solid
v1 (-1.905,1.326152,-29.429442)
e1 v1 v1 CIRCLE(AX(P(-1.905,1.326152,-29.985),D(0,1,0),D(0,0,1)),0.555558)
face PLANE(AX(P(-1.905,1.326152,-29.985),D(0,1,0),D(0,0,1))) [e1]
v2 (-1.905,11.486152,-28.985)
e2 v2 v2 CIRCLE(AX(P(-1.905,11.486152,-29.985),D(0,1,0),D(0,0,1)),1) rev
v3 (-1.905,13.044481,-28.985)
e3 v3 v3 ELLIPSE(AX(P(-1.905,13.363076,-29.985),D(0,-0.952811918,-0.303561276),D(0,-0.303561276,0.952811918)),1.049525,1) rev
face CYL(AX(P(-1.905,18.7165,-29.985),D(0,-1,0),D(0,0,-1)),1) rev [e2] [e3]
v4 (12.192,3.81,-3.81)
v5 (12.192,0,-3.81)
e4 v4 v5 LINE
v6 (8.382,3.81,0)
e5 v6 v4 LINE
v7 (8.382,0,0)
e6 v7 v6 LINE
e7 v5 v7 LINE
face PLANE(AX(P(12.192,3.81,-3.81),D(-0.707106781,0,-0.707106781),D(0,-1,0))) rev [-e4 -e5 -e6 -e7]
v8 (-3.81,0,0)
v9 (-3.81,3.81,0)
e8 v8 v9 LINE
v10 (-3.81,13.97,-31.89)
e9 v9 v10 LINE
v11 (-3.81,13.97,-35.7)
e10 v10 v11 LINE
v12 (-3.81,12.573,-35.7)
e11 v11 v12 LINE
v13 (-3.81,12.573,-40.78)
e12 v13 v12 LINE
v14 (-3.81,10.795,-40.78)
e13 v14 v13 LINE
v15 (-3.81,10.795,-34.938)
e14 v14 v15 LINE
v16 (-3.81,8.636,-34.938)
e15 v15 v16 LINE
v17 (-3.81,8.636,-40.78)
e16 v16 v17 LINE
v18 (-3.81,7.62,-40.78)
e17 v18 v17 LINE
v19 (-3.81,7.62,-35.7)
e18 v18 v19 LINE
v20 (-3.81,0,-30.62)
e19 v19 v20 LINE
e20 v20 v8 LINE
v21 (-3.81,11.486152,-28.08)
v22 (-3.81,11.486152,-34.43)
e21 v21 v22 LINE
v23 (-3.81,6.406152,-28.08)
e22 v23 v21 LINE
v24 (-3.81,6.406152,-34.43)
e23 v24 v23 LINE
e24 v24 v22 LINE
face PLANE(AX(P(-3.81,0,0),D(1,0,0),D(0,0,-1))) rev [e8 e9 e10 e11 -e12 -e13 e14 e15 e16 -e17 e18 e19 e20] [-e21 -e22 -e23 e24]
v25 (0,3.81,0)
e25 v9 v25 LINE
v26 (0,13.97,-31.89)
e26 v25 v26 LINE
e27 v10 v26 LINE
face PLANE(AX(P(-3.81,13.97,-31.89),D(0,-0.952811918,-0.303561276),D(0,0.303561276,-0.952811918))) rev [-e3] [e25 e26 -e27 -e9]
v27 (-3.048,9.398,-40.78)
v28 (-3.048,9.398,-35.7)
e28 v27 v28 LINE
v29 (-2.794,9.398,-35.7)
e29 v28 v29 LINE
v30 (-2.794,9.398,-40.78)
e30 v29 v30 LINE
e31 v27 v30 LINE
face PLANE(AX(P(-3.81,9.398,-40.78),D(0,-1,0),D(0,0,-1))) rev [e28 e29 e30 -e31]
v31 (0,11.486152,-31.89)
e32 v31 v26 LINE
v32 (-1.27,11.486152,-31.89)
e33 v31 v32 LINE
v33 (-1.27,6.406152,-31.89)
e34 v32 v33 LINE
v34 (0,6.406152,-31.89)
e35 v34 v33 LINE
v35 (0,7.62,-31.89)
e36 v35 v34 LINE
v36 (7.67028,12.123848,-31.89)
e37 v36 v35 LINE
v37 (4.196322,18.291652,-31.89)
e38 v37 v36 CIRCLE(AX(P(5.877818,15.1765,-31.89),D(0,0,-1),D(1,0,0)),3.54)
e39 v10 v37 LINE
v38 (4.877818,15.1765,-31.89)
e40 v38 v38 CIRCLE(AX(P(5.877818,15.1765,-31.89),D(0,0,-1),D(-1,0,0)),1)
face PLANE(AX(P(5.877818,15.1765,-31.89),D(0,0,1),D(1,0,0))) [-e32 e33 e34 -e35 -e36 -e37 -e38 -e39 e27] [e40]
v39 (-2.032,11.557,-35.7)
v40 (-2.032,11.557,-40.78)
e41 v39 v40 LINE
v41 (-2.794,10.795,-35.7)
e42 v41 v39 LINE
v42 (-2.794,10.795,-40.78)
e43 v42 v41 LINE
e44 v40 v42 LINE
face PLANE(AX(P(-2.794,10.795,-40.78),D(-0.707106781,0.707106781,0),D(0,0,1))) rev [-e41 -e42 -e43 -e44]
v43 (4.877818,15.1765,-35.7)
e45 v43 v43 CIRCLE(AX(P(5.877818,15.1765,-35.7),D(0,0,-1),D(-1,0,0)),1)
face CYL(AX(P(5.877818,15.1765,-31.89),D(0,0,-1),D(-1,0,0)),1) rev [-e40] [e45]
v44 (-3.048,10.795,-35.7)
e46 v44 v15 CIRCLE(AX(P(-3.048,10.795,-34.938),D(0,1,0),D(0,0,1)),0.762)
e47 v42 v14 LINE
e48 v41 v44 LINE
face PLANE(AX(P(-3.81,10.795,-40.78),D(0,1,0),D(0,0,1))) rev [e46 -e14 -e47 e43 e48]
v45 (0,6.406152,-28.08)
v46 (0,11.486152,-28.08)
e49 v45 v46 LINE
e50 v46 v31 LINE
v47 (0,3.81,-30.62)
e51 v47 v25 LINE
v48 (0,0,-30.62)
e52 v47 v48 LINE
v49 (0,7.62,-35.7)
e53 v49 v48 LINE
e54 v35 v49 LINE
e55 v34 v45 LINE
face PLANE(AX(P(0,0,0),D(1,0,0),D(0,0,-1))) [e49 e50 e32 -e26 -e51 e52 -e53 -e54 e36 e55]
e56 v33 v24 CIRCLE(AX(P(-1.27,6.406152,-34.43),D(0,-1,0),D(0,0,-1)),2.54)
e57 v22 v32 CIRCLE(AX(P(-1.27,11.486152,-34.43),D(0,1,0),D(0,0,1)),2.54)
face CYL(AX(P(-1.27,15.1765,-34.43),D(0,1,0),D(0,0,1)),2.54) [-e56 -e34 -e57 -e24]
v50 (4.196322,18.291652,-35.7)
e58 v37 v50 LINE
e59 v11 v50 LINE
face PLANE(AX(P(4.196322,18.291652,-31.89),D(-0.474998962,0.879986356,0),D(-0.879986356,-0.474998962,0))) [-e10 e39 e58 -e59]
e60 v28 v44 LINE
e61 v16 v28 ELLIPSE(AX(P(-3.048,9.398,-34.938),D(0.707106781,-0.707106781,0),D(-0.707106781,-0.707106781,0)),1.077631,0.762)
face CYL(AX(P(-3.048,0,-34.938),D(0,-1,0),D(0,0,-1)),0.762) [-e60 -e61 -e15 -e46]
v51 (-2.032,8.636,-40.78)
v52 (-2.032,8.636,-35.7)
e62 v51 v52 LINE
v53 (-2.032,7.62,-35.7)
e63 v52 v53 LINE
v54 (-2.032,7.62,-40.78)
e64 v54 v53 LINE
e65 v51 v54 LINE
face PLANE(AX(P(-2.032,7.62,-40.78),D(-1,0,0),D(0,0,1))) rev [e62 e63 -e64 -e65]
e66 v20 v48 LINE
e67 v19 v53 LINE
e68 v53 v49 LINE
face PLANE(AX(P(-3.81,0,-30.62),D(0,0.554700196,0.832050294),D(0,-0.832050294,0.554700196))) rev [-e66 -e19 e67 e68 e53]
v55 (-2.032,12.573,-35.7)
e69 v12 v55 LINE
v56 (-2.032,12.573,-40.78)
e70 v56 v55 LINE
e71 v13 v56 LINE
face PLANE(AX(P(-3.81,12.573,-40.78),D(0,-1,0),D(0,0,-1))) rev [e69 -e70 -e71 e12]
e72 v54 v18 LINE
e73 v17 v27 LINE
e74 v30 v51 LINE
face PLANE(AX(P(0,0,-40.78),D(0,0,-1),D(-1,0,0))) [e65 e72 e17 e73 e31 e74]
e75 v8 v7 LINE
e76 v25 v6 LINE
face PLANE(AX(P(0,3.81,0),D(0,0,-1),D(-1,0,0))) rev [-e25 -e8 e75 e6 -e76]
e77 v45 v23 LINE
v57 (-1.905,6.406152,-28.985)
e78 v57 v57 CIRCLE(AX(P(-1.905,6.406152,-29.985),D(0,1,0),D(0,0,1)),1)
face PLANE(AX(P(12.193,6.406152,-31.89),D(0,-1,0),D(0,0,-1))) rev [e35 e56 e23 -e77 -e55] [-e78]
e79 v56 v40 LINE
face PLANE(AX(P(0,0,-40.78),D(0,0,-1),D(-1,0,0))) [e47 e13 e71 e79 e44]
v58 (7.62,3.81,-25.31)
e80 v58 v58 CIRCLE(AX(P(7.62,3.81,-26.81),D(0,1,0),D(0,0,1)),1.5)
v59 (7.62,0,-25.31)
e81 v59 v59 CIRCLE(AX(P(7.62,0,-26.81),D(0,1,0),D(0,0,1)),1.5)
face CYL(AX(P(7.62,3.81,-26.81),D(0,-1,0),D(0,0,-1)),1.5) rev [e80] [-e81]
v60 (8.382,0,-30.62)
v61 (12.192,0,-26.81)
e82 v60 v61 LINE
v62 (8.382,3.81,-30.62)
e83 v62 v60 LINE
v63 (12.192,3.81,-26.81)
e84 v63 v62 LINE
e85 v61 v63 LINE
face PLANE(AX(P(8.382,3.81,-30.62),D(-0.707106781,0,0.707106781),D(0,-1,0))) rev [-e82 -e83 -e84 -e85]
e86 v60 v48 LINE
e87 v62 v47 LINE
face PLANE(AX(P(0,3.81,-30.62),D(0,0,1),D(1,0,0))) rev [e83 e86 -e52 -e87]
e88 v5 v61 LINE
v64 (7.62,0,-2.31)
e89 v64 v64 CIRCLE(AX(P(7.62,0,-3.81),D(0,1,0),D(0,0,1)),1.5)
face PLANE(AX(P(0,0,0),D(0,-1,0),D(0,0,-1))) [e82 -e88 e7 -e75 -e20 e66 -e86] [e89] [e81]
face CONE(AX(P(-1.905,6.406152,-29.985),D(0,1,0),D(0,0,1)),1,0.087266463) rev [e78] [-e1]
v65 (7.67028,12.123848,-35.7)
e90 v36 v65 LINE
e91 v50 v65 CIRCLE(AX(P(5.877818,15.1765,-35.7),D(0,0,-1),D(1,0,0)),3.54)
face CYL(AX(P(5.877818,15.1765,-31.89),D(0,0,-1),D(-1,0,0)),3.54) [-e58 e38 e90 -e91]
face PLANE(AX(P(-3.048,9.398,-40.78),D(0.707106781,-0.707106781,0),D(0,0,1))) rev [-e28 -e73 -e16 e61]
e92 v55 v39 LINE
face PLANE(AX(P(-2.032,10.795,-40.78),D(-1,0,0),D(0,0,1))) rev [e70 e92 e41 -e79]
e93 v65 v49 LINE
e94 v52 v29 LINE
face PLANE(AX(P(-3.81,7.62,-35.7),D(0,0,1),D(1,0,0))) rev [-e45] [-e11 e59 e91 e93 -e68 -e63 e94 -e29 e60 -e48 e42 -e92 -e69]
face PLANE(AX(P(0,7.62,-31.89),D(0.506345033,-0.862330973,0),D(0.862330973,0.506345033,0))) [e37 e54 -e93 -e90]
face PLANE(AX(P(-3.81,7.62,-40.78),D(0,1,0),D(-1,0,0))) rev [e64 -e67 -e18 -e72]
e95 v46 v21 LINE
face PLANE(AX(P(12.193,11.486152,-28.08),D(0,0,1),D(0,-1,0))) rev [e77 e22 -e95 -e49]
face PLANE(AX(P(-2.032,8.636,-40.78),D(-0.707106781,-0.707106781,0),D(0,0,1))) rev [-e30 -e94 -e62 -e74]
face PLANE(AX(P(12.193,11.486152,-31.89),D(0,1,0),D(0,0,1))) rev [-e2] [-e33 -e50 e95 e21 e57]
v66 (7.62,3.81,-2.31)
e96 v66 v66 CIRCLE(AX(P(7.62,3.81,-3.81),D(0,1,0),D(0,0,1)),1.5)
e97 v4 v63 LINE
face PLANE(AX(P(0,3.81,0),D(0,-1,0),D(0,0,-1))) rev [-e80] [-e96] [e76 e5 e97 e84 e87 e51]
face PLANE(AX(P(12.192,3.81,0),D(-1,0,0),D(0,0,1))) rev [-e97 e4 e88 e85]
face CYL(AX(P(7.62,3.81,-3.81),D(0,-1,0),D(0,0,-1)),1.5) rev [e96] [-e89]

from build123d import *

# Parameters (mm, degrees)
SKETCH1_W                    = 12.192
SKETCH1_H                    = 30.62
SKETCH1_R                    = 1.5
BOSS_EXTRUDE1_DEPTH          = 3.81
BOSS_EXTRUDE2_DEPTH          = 3.81
SKETCH3_W                    = 1.778
SKETCH3_H                    = 1.778
BOSS_EXTRUDE3_DEPTH          = 5.08
SKETCH4_R                    = 1
BOSS_EXTRUDE4_DEPTH          = 3.81
CUT_EXTRUDE1_REACH           = 18.002
SKETCH5_W                    = 3.81
SKETCH5_H                    = 5.08
SKETCH6_R                    = 1
CUT_EXTRUDE2_DEPTH           = 13.310347601
CUT_EXTRUDE2_OTHER_WAY_DEPTH = 5.08
CUT_EXTRUDE2_OTHER_WAY_TAPER = 5
CHAMFER1_SIZE                = 0.762
FILLET1_R                    = 2.54
CHAMFER2_SIZE                = 3.81
FILLET2_R                    = 0.762


with BuildPart() as part:
    # Sketch1 → Boss-Extrude1 (new body)
    with BuildSketch(Plane(origin=(0, 0, 0), x_dir=(1, 0, 0), z_dir=(0, 1, 0))):
        with Locations((6.096, 15.31)):
            Rectangle(SKETCH1_W, SKETCH1_H)
        with Locations((7.62, 26.81)):
            Circle(SKETCH1_R, mode=Mode.SUBTRACT)
        with Locations((7.62, 3.81)):
            Circle(SKETCH1_R, mode=Mode.SUBTRACT)
    extrude(amount=BOSS_EXTRUDE1_DEPTH)

    # Sketch2 → Boss-Extrude2 (add)
    with BuildSketch(Plane.ZY):
        Polygon((0, 3.81), (0, 0), (-30.62, 0), (-35.7, 7.62), (-35.7, 13.97), (-31.89, 13.97), align=None)
    extrude(amount=BOSS_EXTRUDE2_DEPTH)

    # Sketch3 → Boss-Extrude3 (add)
    with BuildSketch(Plane(origin=(0, 0, -35.7), x_dir=(-1, 0, 0), z_dir=(0, 0, -1))):
        with Locations((2.921, 8.509)):
            Rectangle(SKETCH3_W, SKETCH3_H)
        with Locations((2.921, 11.684)):
            Rectangle(SKETCH3_W, SKETCH3_H)
    extrude(amount=BOSS_EXTRUDE3_DEPTH)

    # Sketch4 → Boss-Extrude4 (add)
    with BuildSketch(Plane(origin=(0, 0, -35.7), x_dir=(-1, 0, 0), z_dir=(0, 0, -1))):
        with BuildLine():
            Line((0, 7.62), (-7.670279519, 12.123848354))
            ThreePointArc((-7.670279519, 12.123848354), (-8.962218829, 16.913759957), (-4.196321779, 18.2916517))
            Line((-4.196321779, 18.2916517), (3.81, 13.97))
            Line((3.81, 13.97), (0, 13.97))
            Line((0, 13.97), (0, 7.62))
        make_face()
        with Locations((-5.877818102, 15.1765)):
            Circle(SKETCH4_R, mode=Mode.SUBTRACT)
    extrude(amount=-BOSS_EXTRUDE4_DEPTH)

    # Sketch5 → Cut-Extrude1 (cut, up to next)
    with BuildSketch(Plane.ZY.offset(3.81), mode=Mode.PRIVATE) as cut_extrude1_sk1:
        with Locations((-29.985, 8.946152399)):
            Rectangle(SKETCH5_W, SKETCH5_H)
    cut_extrude1_tool1 = extrude(cut_extrude1_sk1.sketch, amount=-CUT_EXTRUDE1_REACH, mode=Mode.PRIVATE) & part.part
    add(cut_extrude1_tool1.solids().sort_by_distance((-3.81, 8.946152, -29.985))[0], mode=Mode.SUBTRACT)

    # Sketch6 → Cut-Extrude2 (cut)
    with BuildSketch(Plane(origin=(0, 6.406152399, 0), x_dir=(1, 0, 0), z_dir=(0, 1, 0))):
        with Locations((-1.905, 29.985)):
            Circle(SKETCH6_R)
    extrude(amount=CUT_EXTRUDE2_DEPTH, mode=Mode.SUBTRACT)

    # Sketch6 → Cut-Extrude2 other way (cut)
    with BuildSketch(Plane(origin=(0, 6.406152399, 0), x_dir=(1, 0, 0), z_dir=(0, 1, 0))):
        with Locations((-1.905, 29.985)):
            Circle(SKETCH6_R)
    extrude(amount=-CUT_EXTRUDE2_OTHER_WAY_DEPTH, taper=CUT_EXTRUDE2_OTHER_WAY_TAPER, mode=Mode.SUBTRACT)

    # Chamfer1
    chamfer1_edges = [part.edges().sort_by_distance(p)[0] for p in [
        (-3.81, 9.398, -38.24),
        (-2.032, 9.398, -38.24),
        (-2.032, 10.795, -38.24),
    ]]
    chamfer(chamfer1_edges, length=CHAMFER1_SIZE)

    # Fillet1
    fillet1_edges = [part.edges().sort_by_distance(p)[0] for p in [
        (-3.81, 8.946152399, -31.89),
    ]]
    fillet(fillet1_edges, radius=FILLET1_R)

    # Chamfer2
    chamfer2_edges = [part.edges().sort_by_distance(p)[0] for p in [
        (12.192, 1.905, -30.62),
        (12.192, 1.905, 0),
    ]]
    chamfer(chamfer2_edges, length=CHAMFER2_SIZE)

    # Fillet2
    fillet2_edges = [part.edges().sort_by_distance(p)[0] for p in [
        (-3.81, 10.0965, -35.7),
    ]]
    fillet(fillet2_edges, radius=FILLET2_R)


solid = part.part
